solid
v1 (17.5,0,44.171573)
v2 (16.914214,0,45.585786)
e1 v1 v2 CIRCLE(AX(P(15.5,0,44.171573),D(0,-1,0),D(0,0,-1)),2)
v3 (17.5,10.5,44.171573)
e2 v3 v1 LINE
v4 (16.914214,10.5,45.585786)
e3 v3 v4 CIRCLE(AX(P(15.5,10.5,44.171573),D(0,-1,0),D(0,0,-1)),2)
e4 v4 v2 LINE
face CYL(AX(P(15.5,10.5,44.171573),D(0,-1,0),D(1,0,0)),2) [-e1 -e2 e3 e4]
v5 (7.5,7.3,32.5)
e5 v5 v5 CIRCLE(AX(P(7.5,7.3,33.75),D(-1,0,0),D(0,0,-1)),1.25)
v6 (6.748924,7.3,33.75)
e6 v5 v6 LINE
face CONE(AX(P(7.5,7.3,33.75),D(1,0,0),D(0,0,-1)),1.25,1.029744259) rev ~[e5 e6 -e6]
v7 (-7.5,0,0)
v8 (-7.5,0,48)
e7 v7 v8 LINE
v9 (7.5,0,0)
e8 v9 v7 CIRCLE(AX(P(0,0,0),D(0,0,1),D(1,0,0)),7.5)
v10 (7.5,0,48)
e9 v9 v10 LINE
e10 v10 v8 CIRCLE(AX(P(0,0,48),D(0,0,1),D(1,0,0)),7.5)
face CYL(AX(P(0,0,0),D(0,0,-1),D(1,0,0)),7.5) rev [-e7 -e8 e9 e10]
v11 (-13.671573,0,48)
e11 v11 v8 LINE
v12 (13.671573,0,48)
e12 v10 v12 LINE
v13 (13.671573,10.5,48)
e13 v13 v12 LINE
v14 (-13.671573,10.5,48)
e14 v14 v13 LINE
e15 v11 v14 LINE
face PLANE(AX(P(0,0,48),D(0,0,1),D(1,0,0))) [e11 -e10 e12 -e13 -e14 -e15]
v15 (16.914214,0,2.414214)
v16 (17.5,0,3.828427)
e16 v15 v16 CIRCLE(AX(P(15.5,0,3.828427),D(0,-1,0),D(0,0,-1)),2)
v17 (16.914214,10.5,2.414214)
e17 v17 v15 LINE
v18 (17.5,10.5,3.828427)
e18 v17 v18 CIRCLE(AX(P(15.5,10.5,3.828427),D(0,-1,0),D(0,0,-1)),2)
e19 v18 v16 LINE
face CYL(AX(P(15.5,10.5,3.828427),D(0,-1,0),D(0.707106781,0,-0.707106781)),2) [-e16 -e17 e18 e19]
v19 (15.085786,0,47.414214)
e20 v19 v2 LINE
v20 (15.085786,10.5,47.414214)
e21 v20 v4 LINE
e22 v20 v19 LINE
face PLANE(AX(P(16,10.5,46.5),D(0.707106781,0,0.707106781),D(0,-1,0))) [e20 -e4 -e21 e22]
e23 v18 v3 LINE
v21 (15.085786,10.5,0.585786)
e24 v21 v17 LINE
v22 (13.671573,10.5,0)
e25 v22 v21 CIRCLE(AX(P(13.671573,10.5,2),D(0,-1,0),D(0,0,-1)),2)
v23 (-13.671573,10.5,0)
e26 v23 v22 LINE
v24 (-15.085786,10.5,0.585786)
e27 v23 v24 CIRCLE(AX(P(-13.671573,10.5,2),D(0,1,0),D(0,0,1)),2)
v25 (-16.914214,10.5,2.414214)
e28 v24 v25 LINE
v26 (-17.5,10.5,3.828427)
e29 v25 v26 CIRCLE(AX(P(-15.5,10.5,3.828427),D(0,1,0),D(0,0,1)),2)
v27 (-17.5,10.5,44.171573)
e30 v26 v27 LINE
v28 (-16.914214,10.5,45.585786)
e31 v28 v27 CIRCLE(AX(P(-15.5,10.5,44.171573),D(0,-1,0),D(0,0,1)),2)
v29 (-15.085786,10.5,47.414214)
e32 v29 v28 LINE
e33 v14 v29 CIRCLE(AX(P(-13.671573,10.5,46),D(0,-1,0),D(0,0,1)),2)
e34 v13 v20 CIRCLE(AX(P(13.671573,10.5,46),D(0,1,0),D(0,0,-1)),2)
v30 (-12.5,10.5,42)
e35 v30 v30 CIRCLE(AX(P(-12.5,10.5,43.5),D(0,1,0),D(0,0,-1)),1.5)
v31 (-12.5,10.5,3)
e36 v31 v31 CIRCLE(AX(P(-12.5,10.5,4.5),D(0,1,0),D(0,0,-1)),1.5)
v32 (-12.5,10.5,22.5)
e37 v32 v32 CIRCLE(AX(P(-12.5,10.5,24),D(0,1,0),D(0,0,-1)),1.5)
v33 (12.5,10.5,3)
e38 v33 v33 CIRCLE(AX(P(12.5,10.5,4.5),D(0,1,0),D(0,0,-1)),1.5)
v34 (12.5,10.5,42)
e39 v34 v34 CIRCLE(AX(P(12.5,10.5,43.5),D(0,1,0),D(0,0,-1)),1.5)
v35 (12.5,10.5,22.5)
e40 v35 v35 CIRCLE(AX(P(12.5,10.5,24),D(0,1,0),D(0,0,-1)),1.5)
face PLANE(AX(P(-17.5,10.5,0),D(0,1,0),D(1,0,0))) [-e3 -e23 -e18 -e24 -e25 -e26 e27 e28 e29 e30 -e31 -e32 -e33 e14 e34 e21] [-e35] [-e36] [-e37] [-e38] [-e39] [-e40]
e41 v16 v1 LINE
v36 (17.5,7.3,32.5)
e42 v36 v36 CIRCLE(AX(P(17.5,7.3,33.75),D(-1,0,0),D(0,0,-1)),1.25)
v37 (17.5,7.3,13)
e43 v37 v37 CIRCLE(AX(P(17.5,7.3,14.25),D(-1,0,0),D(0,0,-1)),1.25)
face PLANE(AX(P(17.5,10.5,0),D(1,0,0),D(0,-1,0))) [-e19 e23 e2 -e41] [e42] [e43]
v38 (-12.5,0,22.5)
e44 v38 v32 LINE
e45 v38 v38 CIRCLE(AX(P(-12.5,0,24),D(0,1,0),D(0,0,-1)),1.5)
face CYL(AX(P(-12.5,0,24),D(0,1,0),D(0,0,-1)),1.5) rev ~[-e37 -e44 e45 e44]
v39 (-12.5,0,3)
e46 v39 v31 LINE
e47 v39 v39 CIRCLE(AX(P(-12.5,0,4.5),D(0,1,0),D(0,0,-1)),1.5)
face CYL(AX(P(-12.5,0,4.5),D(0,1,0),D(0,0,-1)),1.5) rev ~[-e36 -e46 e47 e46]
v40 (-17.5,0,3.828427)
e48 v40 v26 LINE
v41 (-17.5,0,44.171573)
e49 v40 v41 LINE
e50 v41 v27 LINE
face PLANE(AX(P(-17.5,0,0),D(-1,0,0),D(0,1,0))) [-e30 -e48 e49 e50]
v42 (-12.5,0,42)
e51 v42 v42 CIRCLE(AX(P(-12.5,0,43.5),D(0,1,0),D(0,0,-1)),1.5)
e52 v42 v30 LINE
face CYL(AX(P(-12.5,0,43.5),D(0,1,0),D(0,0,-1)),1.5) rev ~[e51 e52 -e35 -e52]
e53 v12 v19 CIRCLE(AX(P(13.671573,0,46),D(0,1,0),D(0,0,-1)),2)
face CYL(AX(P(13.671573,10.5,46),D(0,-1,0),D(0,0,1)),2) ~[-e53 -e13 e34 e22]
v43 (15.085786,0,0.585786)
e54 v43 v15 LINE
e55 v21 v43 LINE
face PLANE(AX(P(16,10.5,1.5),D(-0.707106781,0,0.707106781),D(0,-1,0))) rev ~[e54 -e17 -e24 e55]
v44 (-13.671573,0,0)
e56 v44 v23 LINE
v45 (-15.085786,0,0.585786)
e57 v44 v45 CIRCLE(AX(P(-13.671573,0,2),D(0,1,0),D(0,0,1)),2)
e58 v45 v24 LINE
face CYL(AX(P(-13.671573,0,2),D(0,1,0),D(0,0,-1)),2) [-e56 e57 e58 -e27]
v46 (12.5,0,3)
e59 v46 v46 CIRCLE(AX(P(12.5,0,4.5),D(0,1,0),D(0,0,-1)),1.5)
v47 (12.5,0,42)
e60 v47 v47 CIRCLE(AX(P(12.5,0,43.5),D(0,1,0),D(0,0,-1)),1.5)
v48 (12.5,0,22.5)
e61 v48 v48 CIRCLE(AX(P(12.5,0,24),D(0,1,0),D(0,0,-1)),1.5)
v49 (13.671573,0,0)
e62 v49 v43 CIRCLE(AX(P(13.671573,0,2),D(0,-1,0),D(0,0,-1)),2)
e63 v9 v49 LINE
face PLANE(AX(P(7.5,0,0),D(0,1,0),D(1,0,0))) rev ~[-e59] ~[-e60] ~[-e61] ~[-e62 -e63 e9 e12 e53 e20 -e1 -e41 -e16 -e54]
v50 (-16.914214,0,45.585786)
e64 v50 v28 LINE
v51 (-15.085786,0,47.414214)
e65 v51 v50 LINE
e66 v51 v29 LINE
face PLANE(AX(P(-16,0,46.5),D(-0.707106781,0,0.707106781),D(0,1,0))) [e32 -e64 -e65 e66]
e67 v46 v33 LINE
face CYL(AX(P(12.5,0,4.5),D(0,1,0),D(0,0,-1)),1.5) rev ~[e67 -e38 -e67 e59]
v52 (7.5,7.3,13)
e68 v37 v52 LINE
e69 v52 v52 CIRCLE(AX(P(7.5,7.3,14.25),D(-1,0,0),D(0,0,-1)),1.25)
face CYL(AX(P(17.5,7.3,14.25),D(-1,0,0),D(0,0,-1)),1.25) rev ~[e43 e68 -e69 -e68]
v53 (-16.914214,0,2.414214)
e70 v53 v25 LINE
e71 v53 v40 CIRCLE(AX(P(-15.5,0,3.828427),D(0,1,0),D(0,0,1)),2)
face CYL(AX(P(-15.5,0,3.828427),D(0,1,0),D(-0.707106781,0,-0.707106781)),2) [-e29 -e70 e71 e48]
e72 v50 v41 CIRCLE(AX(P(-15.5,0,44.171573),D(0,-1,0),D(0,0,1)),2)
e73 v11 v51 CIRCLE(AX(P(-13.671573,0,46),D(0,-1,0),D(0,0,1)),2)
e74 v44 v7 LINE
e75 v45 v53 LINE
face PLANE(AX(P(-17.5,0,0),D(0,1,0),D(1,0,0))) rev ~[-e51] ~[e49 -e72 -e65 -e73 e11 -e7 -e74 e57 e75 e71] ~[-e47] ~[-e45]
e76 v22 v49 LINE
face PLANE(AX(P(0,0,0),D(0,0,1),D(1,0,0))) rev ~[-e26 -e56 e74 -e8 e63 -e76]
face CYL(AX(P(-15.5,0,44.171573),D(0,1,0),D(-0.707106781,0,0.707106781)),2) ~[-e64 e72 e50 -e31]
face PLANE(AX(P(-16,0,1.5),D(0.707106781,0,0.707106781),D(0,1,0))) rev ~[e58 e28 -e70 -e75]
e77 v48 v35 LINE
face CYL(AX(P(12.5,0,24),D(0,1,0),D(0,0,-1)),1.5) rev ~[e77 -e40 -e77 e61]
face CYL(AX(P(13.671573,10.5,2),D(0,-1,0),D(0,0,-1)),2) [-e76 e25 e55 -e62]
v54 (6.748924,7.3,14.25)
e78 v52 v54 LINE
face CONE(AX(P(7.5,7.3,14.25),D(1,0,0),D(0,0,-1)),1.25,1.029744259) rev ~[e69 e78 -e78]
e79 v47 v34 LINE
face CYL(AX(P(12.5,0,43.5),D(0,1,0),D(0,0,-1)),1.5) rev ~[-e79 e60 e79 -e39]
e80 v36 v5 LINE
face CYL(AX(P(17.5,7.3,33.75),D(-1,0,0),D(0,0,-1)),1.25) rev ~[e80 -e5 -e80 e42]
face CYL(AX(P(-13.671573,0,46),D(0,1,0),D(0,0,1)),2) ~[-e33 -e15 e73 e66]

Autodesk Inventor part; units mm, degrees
ref_plane "YZ Plane" through (0, 0, 0) normal (1, 0, 0) x (0, 1, 0)
ref_plane "XZ Plane" through (0, 0, 0) normal (0, 1, 0) x (-1, 0, 0)
ref_plane "XY Plane" through (0, 0, 0) normal (0, 0, 1) x (1, 0, 0)
sketch "Sketch1" plane through (0, 0, 0) normal (0, 0, 1) x (1, 0, 0)
  circle A0 centre (0, 0) radius 7.5
  line L0 (-17.5, 0) -> (-7.5, 0)
  line L1 (7.5, 0) -> (17.5, 0)
  line L2 (-17.5, 0) -> (-17.5, 10.5)
  line L3 (-17.5, 10.5) -> (17.5, 10.5)
  line L4 (17.5, 10.5) -> (17.5, 0)
  dimension "d5" = 15
  dimension "d6" = 0
  dimension "d8" = 0
  dimension "d11" = 10
  dimension "d13" = 10
  dimension "d19" = 10.5
  dimension "d64" = 35
extrude "Extrusion1" add sketch "Sketch1" along normal blind 48 contours A0 L0 L2 L3 L4 L1
sketch "Sketch3" plane through (7.5, 0, 0) normal (0, -1, 0) x (1, 0, 0)
  line L0 (10, 0) -> (10, 48) projected
  line L1 (0, 48) -> (10, 48) projected
  line L2 (0, 0) -> (0, 48) projected
  line L3 (0, 0) -> (10, 0) projected
  line L4 (-25, 0) -> (-15, 0) projected
  line L5 (-15, 0) -> (-15, 48) projected
  line L6 (-25, 48) -> (-15, 48) projected
  line L7 (-25, 0) -> (-25, 48) projected
  point P0 (-7.5, 0)
  point P1 (5, 4.5)
  point P2 (5, 24)
  point P3 (5, 43.5)
  point P4 (-20, 43.5)
  point P5 (-20, 4.5)
  point P6 (-20, 24)
  dimension "d31" = 48
  dimension "d35" = 5
  dimension "d44" = 4.5
  dimension "d45" = 4.5
  dimension "d46" = 24
  dimension "d47" = 5
  dimension "d48" = 10
  dimension "d49" = 10
hole "Hole1" at (12.5, 0, 4.5) at (12.5, 0, 24) at (12.5, 0, 43.5) at (-12.5, 0, 43.5) at (-12.5, 0, 4.5) at (-12.5, 0, 24) direction (0, 1, 0) diameter 3 end through all
chamfer "Chamfer1" distance 3 angle 45 4 edges at (17.5, 5.25, 48) (-17.5, 5.25, 48) (-17.5, 5.25, 0) (17.5, 5.25, 0)
fillet "Fillet2" radius 2 8 edges at (14.5, 5.25, 48) (17.5, 5.25, 45) (17.5, 5.25, 3) (14.5, 5.25, 0) (-14.5, 5.25, 0) (-17.5, 5.25, 3) (-17.5, 5.25, 45) (-14.5, 5.25, 48)
sketch "Sketch4" plane through (17.5, 0, 3.8284) normal (1, 0, 0) x (0, 0, -1)
  line L0 (0, 10.5) -> (-40.3431, 10.5) projected
  line L1 (3.8284, 0) -> (3.8284, 10.5) projected
  line L2 (-44.1716, 10.5) -> (-44.1716, 0) projected
  point P0 (-10.4216, 7.3)
  point P1 (-29.9216, 7.3)
  dimension "d54" = 3.2
  dimension "d55" = 14.25
  dimension "d56" = 14.25
hole "Hole2" at (17.5, 7.3, 14.25) at (17.5, 7.3, 33.75) direction (-1, 0, 0) diameter 2.5 depth 10 tip angle 118
equation "\"d13\" = d11"
equation "\"d35\" = 0.5 * d48"
equation "\"d45\" = d44"
equation "\"d46\" = 0.5 * d31"
equation "\"d47\" = d35"
equation "\"d56\" = d55"
properties part number "3DP_PLA_X_end_bottom_half" material "ABS Plastic"
